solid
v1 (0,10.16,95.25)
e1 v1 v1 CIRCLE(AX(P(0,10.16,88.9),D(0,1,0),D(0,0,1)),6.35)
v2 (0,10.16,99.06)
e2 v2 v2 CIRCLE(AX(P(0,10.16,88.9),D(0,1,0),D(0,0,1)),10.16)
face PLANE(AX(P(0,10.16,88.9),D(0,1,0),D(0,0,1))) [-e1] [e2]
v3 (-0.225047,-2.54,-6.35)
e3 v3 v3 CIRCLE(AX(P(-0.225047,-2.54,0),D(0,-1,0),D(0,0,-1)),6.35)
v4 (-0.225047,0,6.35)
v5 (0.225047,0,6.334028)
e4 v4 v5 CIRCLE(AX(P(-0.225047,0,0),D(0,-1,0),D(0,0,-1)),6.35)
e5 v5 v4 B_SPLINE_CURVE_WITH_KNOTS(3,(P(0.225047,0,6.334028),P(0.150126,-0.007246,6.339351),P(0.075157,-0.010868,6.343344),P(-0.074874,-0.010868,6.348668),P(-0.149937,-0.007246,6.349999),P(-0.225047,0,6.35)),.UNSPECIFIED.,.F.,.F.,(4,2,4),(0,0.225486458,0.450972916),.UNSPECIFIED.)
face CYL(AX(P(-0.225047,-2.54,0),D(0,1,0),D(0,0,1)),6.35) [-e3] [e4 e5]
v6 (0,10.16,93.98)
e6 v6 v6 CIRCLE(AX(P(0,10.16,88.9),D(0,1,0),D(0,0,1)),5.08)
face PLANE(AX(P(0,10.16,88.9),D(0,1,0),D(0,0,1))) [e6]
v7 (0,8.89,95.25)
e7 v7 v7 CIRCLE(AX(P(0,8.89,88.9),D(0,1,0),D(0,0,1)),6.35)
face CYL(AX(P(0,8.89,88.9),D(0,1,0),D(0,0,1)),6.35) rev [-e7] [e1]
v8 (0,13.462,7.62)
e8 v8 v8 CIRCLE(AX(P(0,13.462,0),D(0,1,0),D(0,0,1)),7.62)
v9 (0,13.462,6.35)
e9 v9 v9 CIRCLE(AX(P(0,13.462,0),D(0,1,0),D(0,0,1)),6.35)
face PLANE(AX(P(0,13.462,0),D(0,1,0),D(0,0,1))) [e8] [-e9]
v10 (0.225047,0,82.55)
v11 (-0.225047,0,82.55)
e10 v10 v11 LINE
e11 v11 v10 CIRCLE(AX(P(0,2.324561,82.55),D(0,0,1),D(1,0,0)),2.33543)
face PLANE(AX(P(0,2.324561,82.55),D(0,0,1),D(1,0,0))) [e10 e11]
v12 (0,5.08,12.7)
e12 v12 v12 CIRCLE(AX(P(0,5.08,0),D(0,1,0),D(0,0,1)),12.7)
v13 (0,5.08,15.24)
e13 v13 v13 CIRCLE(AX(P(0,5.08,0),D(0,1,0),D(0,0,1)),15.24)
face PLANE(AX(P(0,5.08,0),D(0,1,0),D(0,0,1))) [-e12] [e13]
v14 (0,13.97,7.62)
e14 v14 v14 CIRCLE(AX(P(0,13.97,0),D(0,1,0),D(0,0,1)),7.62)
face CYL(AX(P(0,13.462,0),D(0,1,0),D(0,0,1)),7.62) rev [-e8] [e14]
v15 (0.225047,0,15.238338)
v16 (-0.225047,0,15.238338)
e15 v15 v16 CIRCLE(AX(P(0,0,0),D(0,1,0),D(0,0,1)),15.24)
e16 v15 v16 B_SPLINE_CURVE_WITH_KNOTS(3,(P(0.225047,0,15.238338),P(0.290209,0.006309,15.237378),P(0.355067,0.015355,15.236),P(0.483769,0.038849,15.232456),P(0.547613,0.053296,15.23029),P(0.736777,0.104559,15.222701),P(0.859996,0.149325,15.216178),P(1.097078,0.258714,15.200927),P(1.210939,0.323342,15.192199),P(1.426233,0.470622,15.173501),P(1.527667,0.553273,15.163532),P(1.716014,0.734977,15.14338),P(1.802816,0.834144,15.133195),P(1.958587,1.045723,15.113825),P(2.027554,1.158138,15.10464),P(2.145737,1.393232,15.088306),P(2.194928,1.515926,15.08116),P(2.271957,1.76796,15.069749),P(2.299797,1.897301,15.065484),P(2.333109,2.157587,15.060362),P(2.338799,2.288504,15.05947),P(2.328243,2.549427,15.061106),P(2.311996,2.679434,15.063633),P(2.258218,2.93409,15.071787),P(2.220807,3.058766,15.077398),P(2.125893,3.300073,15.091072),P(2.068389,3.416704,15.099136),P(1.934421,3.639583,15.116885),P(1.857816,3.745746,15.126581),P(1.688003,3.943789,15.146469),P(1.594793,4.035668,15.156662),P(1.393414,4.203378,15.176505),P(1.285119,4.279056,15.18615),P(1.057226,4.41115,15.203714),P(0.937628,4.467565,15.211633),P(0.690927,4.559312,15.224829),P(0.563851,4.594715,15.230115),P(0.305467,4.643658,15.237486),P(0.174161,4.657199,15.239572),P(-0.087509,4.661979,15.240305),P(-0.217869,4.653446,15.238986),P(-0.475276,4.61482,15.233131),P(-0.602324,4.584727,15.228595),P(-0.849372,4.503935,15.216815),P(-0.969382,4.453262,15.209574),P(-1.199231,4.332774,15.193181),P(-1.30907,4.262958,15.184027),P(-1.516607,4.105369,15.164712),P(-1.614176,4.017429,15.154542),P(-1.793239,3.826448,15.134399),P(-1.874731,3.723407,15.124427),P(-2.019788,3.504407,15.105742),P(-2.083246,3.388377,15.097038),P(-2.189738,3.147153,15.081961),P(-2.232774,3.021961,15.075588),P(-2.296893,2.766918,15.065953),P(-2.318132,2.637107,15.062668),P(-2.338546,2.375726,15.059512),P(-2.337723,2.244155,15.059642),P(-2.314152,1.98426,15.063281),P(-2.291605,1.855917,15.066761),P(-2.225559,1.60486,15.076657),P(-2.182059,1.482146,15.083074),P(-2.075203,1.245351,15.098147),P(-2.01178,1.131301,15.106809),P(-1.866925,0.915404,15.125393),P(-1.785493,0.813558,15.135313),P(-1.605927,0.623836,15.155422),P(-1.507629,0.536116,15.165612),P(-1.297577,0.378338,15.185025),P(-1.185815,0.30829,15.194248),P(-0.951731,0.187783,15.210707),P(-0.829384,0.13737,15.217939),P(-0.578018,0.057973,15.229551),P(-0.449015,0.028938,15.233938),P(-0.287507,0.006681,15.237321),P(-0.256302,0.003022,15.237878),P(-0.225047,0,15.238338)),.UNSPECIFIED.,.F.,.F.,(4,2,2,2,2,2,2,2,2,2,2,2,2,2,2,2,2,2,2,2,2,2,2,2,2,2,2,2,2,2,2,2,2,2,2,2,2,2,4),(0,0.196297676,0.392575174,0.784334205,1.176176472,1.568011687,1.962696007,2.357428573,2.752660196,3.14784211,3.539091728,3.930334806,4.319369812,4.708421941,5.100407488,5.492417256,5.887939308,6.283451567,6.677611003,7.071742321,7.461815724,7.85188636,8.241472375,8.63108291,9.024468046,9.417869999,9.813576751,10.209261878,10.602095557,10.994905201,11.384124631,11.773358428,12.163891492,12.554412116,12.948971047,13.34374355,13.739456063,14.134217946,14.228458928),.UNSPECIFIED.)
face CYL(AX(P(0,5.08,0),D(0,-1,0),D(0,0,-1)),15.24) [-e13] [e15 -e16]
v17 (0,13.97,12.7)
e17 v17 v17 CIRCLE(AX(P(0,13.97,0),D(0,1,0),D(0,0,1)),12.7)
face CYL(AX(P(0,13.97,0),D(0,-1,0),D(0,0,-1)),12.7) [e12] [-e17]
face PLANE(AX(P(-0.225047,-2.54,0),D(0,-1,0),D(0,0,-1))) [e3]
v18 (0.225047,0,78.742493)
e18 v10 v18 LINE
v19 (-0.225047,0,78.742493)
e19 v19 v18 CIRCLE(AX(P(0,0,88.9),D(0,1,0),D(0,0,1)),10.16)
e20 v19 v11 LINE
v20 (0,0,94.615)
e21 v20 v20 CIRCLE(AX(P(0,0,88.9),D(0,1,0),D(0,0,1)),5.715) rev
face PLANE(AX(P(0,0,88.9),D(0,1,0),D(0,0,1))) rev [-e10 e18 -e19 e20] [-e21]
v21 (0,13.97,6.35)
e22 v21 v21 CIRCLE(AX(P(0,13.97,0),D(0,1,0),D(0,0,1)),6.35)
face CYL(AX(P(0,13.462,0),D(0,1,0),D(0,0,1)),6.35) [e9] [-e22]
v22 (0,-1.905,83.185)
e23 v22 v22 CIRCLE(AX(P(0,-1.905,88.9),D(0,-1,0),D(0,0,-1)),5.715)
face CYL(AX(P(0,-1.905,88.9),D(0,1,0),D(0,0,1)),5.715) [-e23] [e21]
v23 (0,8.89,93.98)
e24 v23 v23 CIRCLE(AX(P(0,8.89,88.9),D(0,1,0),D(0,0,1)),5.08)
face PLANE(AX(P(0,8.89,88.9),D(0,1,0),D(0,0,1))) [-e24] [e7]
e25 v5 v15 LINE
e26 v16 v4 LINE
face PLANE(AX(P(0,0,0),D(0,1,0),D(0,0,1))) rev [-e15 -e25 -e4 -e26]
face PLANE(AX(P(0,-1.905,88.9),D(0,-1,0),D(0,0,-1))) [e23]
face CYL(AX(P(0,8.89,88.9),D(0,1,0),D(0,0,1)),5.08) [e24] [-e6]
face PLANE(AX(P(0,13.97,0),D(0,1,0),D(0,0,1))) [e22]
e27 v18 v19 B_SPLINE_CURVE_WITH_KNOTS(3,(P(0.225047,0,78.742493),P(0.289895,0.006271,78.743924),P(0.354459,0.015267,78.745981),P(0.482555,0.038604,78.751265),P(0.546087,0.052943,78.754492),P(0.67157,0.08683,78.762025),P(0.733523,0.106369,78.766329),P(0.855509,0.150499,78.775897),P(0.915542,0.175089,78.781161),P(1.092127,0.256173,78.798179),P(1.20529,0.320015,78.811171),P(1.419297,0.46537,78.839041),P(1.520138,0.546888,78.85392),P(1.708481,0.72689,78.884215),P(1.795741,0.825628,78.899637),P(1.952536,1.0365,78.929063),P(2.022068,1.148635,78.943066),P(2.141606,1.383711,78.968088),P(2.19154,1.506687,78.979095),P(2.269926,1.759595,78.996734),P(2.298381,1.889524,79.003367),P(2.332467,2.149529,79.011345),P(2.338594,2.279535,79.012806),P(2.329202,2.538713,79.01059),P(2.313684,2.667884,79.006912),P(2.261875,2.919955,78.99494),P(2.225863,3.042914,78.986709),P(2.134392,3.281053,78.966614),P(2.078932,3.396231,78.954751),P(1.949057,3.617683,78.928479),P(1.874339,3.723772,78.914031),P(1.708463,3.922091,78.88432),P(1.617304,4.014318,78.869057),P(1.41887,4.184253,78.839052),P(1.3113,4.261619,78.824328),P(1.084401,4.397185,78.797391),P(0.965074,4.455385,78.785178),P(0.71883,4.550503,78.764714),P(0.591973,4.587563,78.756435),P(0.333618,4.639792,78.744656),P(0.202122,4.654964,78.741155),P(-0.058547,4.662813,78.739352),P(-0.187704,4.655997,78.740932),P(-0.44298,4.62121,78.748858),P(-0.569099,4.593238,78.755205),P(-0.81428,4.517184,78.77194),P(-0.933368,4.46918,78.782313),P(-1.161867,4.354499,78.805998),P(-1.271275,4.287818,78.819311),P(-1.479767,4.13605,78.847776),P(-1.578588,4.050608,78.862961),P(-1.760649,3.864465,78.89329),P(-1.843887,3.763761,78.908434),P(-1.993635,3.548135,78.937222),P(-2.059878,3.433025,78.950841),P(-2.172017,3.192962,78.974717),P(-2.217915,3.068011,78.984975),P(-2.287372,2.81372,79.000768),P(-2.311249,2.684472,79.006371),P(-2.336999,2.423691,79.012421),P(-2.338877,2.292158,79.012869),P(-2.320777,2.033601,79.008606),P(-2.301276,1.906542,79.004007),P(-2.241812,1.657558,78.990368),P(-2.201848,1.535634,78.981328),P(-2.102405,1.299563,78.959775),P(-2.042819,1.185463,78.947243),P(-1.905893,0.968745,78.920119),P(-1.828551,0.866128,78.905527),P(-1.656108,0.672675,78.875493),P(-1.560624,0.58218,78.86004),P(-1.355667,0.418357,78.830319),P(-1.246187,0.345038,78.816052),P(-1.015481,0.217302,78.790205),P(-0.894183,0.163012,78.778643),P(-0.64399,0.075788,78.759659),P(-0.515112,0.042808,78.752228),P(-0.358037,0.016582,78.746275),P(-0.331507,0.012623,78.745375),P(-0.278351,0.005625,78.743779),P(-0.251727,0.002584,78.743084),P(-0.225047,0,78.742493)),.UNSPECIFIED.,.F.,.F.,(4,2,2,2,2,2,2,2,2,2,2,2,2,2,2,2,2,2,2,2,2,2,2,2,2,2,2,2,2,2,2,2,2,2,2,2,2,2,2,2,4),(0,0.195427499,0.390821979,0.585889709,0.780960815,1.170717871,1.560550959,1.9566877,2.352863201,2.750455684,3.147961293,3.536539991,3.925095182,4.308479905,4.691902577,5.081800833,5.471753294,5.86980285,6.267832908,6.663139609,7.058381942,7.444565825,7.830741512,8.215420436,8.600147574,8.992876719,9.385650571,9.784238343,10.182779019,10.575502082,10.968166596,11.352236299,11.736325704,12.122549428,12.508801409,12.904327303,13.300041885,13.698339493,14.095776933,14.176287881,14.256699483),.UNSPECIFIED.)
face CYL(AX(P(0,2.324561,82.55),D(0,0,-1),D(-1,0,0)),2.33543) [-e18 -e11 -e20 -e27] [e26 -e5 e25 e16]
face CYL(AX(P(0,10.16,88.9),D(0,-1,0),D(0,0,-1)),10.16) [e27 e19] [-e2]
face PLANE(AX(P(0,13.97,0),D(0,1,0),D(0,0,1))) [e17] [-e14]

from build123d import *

# Parameters (mm, degrees)
SKETCH2_R            = 15.24
BOSS_EXTRUDE1_DEPTH  = 5.08
SKETCH3_R            = 12.7
BOSS_EXTRUDE4_DEPTH  = 8.89
SKETCH4_R            = 7.62
SKETCH4_R_2          = 6.35
CUT_EXTRUDE2_DEPTH   = 0.508
SKETCH7_R            = 10.16
BOSS_EXTRUDE7_DEPTH  = 10.16
SKETCH8_R            = 6.35
SKETCH8_R_2          = 5.08
CUT_EXTRUDE6_DEPTH   = 1.27
SKETCH11_R           = 2.33542976
BOSS_EXTRUDE8_DEPTH  = 82.55
SKETCH12_R           = 6.35
BOSS_EXTRUDE9_DEPTH  = 2.54
SKETCH13_R           = 5.715
BOSS_EXTRUDE13_DEPTH = 1.905


with BuildPart() as part:
    # Sketch2 → Boss-Extrude1 (new body)
    with BuildSketch(Plane(origin=(0, 0, 0), x_dir=(1, 0, 0), z_dir=(0, 1, 0))):
        Circle(SKETCH2_R)
    extrude(amount=BOSS_EXTRUDE1_DEPTH)

    # Sketch3 → Boss-Extrude4 (add)
    with BuildSketch(Plane(origin=(0, 5.08, 0), x_dir=(1, 0, 0), z_dir=(0, 1, 0))):
        Circle(SKETCH3_R)
    extrude(amount=BOSS_EXTRUDE4_DEPTH)

    # Sketch4 → Cut-Extrude2 (cut)
    with BuildSketch(Plane(origin=(0, 13.97, 0), x_dir=(1, 0, 0), z_dir=(0, 1, 0))):
        Circle(SKETCH4_R)
        Circle(SKETCH4_R_2, mode=Mode.SUBTRACT)
    extrude(amount=-CUT_EXTRUDE2_DEPTH, mode=Mode.SUBTRACT)



with BuildPart() as body_2:
    # Sketch7 → Boss-Extrude7 (new body)
    with BuildSketch(Plane(origin=(0, 0, 0), x_dir=(1, 0, 0), z_dir=(0, 1, 0))):
        with Locations((0, -88.9)):
            Circle(SKETCH7_R)
    extrude(amount=BOSS_EXTRUDE7_DEPTH)

    # Sketch8 → Cut-Extrude6 (cut)
    with BuildSketch(Plane(origin=(0, 10.16, 0), x_dir=(1, 0, 0), z_dir=(0, 1, 0))):
        with Locations((0, -88.9)):
            Circle(SKETCH8_R)
        with Locations((0, -88.9)):
            Circle(SKETCH8_R_2, mode=Mode.SUBTRACT)
    extrude(amount=-CUT_EXTRUDE6_DEPTH, mode=Mode.SUBTRACT)


with BuildPart() as part_1:
    add(part.part)

    add(body_2.part)  # Boss-Extrude8 merges body 2
    # Sketch11 → Boss-Extrude8 (add)
    with BuildSketch(Plane.XY):
        with Locations((0, 2.324561436)):
            Circle(SKETCH11_R)
    extrude(amount=BOSS_EXTRUDE8_DEPTH)

    # Sketch12 → Boss-Extrude9 (add)
    with BuildSketch(Plane.XZ):
        with Locations((-0.225047318, 0)):
            Circle(SKETCH12_R)
    extrude(amount=BOSS_EXTRUDE9_DEPTH)

    # Sketch13 → Boss-Extrude13 (add)
    with BuildSketch(Plane.XZ):
        with Locations((0, 88.9)):
            Circle(SKETCH13_R)
    extrude(amount=BOSS_EXTRUDE13_DEPTH)


solid = part_1.part
